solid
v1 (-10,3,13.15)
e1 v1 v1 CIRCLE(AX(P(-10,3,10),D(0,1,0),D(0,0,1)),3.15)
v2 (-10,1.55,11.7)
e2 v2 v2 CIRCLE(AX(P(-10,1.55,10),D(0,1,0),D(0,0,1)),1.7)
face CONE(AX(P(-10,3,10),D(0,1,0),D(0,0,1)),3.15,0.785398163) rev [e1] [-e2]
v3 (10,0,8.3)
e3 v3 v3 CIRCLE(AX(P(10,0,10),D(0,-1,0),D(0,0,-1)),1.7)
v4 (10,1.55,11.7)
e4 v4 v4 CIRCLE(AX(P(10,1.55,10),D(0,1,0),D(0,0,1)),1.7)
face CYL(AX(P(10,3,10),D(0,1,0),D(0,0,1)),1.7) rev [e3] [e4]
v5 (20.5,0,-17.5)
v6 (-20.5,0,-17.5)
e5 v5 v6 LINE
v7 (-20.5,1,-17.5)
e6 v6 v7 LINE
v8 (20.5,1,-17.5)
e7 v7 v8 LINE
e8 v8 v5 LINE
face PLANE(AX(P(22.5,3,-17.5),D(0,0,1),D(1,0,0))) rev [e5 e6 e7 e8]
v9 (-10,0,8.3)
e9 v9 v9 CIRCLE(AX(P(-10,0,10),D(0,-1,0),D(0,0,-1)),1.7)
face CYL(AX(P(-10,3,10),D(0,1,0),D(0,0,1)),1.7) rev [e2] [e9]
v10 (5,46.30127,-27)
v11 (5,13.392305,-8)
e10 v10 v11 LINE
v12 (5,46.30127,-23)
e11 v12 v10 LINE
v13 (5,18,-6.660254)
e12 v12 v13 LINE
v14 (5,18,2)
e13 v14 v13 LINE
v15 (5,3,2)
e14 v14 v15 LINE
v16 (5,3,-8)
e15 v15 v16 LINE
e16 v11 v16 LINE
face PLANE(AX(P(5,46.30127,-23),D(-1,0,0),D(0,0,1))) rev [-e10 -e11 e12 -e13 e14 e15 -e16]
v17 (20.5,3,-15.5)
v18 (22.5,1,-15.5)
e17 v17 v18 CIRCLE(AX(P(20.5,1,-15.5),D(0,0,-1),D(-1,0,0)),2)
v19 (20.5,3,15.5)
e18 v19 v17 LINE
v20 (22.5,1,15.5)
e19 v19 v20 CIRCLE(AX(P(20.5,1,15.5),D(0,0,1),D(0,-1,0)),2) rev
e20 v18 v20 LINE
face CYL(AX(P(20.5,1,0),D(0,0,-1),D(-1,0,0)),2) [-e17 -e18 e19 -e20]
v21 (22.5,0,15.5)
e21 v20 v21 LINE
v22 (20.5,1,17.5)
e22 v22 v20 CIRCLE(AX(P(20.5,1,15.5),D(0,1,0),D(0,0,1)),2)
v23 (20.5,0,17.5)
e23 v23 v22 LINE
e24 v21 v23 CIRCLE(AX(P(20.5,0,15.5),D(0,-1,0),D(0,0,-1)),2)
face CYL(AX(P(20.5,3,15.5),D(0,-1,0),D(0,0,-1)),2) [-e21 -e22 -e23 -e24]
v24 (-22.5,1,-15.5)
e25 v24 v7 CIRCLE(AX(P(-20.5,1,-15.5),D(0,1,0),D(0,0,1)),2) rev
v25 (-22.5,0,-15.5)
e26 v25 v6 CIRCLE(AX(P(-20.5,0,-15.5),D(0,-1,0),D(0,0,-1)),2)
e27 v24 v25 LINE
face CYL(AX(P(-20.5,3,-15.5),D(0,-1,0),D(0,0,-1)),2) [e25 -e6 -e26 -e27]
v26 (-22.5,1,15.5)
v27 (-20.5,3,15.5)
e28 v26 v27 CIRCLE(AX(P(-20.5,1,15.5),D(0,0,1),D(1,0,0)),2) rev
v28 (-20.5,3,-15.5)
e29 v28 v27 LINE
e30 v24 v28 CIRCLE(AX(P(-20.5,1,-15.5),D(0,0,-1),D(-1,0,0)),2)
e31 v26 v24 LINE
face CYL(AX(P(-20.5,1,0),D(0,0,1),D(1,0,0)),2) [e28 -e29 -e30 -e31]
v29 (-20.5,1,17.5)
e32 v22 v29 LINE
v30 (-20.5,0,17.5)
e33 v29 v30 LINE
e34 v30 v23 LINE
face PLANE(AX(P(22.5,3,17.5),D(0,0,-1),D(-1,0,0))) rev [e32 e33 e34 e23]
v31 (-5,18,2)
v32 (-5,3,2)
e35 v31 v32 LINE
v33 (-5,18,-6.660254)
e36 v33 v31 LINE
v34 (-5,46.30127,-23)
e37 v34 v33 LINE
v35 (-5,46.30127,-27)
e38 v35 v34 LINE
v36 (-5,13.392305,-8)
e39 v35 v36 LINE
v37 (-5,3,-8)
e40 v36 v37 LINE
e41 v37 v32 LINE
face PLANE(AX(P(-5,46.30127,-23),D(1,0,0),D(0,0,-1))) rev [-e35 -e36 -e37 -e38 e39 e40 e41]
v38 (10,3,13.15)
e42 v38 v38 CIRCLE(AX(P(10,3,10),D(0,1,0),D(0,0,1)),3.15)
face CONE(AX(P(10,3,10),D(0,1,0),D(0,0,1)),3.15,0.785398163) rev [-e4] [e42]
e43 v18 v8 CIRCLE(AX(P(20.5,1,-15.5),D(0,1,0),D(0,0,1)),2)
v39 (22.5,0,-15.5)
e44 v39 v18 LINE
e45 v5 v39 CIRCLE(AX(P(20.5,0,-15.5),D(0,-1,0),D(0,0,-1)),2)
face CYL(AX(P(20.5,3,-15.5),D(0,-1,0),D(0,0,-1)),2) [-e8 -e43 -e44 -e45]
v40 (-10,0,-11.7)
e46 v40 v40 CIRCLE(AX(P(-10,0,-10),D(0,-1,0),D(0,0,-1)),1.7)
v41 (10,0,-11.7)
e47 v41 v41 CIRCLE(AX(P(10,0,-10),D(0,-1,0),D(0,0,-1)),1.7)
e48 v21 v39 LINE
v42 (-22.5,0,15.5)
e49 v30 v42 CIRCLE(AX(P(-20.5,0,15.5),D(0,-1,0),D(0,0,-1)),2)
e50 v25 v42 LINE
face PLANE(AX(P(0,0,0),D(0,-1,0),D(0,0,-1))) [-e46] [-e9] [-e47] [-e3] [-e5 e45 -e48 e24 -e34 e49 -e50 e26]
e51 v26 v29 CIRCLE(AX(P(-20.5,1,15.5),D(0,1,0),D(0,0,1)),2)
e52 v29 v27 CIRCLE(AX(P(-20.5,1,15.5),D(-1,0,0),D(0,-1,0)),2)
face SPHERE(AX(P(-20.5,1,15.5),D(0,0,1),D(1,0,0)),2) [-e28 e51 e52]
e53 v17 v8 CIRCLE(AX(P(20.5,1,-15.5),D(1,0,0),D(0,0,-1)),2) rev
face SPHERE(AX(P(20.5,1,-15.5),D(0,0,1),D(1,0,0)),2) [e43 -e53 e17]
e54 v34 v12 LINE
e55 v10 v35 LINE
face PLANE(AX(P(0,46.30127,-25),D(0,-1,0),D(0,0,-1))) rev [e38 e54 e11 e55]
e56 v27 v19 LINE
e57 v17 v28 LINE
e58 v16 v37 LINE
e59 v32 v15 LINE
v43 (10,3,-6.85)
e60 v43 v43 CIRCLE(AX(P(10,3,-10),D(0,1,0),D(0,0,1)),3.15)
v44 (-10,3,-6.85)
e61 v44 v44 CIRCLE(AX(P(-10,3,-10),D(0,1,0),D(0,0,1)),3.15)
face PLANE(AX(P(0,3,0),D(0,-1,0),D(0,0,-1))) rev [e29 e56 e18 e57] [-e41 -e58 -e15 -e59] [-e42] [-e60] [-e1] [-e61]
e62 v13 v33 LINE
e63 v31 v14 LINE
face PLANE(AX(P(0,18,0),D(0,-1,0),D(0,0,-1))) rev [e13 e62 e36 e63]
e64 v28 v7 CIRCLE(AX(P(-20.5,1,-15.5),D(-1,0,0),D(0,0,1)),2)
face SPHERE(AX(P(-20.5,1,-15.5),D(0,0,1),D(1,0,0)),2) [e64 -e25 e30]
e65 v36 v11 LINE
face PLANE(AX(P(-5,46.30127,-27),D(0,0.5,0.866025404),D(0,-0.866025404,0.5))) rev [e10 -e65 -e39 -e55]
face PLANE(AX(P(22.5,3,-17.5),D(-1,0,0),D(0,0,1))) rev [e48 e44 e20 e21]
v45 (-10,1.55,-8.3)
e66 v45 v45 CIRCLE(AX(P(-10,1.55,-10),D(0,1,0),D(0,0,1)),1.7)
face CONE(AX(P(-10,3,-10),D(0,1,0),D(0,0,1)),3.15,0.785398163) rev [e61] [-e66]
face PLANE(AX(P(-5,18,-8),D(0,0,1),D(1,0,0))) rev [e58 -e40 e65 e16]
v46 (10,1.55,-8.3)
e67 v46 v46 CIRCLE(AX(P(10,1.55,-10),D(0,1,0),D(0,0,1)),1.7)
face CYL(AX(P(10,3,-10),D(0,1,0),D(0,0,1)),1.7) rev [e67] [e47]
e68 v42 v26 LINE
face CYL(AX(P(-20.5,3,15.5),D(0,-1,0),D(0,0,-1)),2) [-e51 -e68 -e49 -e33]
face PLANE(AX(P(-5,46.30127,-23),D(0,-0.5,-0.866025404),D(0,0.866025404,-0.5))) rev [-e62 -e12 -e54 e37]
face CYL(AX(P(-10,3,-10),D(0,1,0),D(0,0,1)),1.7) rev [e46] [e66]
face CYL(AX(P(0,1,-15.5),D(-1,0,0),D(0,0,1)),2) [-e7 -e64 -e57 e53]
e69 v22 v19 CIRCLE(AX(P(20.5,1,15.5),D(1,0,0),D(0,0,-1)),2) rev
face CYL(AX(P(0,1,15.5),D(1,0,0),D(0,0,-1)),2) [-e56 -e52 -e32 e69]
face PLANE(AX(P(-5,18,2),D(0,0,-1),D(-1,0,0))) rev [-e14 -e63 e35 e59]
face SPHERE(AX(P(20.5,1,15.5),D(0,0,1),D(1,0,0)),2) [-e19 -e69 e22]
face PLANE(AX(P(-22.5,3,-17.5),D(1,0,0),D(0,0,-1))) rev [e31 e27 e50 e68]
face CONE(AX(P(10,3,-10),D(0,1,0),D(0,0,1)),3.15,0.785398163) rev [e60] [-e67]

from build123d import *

# Parameters (mm, degrees)
SKETCH1_W                                      = 45
SKETCH1_H                                      = 35
BOSS_EXTRUDE1_DEPTH                            = 3
CSK_FOR_M3_FLAT_HEAD_MACHINE_SCREW2_AT_2_COUNT = 2
CSK_FOR_M3_FLAT_HEAD_MACHINE_SCREW2_AT_2_PITCH = 20
CSK_FOR_M3_FLAT_HEAD_MACHINE_SCREW2_AT_3_COUNT = 2
CSK_FOR_M3_FLAT_HEAD_MACHINE_SCREW2_AT_3_PITCH = 28.284271247
CSK_FOR_M3_FLAT_HEAD_MACHINE_SCREW2_AT_4_COUNT = 2
CSK_FOR_M3_FLAT_HEAD_MACHINE_SCREW2_AT_4_PITCH = 20
SKETCH7_W                                      = 10
SKETCH7_H                                      = 4
BOSS_EXTRUDE2_DEPTH                            = 50
FILLET1_R                                      = 2
SKETCH12_W                                     = 10
SKETCH12_H                                     = 10
BOSS_EXTRUDE3_DEPTH                            = 15


with BuildPart() as part:
    # Sketch1 → Boss-Extrude1 (new body)
    with BuildSketch(Plane(origin=(0, 0, 0), x_dir=(1, 0, 0), z_dir=(0, 1, 0))):
        Rectangle(SKETCH1_W, SKETCH1_H)
    extrude(amount=BOSS_EXTRUDE1_DEPTH)

    # Sketch5 → CSK for M3 Flat Head Machine Screw2 (revolve, cut)
    with BuildSketch(Plane(origin=(10, 3, -10), x_dir=(0, 0, 1), z_dir=(1, 0, 0))):
        Polygon((0, 0), (0, 3), (1.7, 3), (1.7, 1.45), (3.15, 0), align=None)
    csk_for_m3_flat_head_machine_screw2 = revolve(axis=Axis((10, 9.35, -10), (0, -1, 0)), mode=Mode.SUBTRACT)

    # CSK for M3 Flat Head Machine Screw2 at 2: CSK for M3 Flat Head Machine Screw2 ×2
    with Locations(*[(-i * CSK_FOR_M3_FLAT_HEAD_MACHINE_SCREW2_AT_2_PITCH, 0, 0) for i in range(1, CSK_FOR_M3_FLAT_HEAD_MACHINE_SCREW2_AT_2_COUNT)]):
        add(csk_for_m3_flat_head_machine_screw2, mode=Mode.SUBTRACT)

    # CSK for M3 Flat Head Machine Screw2 at 3: CSK for M3 Flat Head Machine Screw2 ×2
    with Locations(*[Vector(-0.707106781, 0, 0.707106781) * (i * CSK_FOR_M3_FLAT_HEAD_MACHINE_SCREW2_AT_3_PITCH) for i in range(1, CSK_FOR_M3_FLAT_HEAD_MACHINE_SCREW2_AT_3_COUNT)]):
        add(csk_for_m3_flat_head_machine_screw2, mode=Mode.SUBTRACT)

    # CSK for M3 Flat Head Machine Screw2 at 4: CSK for M3 Flat Head Machine Screw2 ×2
    with Locations(*[(0, 0, i * CSK_FOR_M3_FLAT_HEAD_MACHINE_SCREW2_AT_4_PITCH) for i in range(1, CSK_FOR_M3_FLAT_HEAD_MACHINE_SCREW2_AT_4_COUNT)]):
        add(csk_for_m3_flat_head_machine_screw2, mode=Mode.SUBTRACT)

    # Sketch7 → Boss-Extrude2 (add, along a direction that is not the sketch's normal)
    with BuildSketch(Plane(origin=(0, 3, 0), x_dir=(1, 0, 0), z_dir=(0, 1, 0))):
        Rectangle(SKETCH7_W, SKETCH7_H)
    extrude(amount=BOSS_EXTRUDE2_DEPTH, dir=(0, 0.866025404, -0.5))

    # Fillet1
    fillet1_edges = [part.edges().sort_by_distance(p)[0] for p in [
        (22.5, 3, 0),
        (0, 3, -17.5),
        (-22.5, 3, 0),
        (0, 3, 17.5),
        (-22.5, 1.5, -17.5),
        (22.5, 1.5, -17.5),
        (22.5, 1.5, 17.5),
        (-22.5, 1.5, 17.5),
    ]]
    fillet(fillet1_edges, radius=FILLET1_R)

    # Sketch12 → Boss-Extrude3 (add)
    with BuildSketch(Plane(origin=(0, 3, 0), x_dir=(1, 0, 0), z_dir=(0, 1, 0))):
        with Locations((0, 3)):
            Rectangle(SKETCH12_W, SKETCH12_H)
    extrude(amount=BOSS_EXTRUDE3_DEPTH)


solid = part.part
